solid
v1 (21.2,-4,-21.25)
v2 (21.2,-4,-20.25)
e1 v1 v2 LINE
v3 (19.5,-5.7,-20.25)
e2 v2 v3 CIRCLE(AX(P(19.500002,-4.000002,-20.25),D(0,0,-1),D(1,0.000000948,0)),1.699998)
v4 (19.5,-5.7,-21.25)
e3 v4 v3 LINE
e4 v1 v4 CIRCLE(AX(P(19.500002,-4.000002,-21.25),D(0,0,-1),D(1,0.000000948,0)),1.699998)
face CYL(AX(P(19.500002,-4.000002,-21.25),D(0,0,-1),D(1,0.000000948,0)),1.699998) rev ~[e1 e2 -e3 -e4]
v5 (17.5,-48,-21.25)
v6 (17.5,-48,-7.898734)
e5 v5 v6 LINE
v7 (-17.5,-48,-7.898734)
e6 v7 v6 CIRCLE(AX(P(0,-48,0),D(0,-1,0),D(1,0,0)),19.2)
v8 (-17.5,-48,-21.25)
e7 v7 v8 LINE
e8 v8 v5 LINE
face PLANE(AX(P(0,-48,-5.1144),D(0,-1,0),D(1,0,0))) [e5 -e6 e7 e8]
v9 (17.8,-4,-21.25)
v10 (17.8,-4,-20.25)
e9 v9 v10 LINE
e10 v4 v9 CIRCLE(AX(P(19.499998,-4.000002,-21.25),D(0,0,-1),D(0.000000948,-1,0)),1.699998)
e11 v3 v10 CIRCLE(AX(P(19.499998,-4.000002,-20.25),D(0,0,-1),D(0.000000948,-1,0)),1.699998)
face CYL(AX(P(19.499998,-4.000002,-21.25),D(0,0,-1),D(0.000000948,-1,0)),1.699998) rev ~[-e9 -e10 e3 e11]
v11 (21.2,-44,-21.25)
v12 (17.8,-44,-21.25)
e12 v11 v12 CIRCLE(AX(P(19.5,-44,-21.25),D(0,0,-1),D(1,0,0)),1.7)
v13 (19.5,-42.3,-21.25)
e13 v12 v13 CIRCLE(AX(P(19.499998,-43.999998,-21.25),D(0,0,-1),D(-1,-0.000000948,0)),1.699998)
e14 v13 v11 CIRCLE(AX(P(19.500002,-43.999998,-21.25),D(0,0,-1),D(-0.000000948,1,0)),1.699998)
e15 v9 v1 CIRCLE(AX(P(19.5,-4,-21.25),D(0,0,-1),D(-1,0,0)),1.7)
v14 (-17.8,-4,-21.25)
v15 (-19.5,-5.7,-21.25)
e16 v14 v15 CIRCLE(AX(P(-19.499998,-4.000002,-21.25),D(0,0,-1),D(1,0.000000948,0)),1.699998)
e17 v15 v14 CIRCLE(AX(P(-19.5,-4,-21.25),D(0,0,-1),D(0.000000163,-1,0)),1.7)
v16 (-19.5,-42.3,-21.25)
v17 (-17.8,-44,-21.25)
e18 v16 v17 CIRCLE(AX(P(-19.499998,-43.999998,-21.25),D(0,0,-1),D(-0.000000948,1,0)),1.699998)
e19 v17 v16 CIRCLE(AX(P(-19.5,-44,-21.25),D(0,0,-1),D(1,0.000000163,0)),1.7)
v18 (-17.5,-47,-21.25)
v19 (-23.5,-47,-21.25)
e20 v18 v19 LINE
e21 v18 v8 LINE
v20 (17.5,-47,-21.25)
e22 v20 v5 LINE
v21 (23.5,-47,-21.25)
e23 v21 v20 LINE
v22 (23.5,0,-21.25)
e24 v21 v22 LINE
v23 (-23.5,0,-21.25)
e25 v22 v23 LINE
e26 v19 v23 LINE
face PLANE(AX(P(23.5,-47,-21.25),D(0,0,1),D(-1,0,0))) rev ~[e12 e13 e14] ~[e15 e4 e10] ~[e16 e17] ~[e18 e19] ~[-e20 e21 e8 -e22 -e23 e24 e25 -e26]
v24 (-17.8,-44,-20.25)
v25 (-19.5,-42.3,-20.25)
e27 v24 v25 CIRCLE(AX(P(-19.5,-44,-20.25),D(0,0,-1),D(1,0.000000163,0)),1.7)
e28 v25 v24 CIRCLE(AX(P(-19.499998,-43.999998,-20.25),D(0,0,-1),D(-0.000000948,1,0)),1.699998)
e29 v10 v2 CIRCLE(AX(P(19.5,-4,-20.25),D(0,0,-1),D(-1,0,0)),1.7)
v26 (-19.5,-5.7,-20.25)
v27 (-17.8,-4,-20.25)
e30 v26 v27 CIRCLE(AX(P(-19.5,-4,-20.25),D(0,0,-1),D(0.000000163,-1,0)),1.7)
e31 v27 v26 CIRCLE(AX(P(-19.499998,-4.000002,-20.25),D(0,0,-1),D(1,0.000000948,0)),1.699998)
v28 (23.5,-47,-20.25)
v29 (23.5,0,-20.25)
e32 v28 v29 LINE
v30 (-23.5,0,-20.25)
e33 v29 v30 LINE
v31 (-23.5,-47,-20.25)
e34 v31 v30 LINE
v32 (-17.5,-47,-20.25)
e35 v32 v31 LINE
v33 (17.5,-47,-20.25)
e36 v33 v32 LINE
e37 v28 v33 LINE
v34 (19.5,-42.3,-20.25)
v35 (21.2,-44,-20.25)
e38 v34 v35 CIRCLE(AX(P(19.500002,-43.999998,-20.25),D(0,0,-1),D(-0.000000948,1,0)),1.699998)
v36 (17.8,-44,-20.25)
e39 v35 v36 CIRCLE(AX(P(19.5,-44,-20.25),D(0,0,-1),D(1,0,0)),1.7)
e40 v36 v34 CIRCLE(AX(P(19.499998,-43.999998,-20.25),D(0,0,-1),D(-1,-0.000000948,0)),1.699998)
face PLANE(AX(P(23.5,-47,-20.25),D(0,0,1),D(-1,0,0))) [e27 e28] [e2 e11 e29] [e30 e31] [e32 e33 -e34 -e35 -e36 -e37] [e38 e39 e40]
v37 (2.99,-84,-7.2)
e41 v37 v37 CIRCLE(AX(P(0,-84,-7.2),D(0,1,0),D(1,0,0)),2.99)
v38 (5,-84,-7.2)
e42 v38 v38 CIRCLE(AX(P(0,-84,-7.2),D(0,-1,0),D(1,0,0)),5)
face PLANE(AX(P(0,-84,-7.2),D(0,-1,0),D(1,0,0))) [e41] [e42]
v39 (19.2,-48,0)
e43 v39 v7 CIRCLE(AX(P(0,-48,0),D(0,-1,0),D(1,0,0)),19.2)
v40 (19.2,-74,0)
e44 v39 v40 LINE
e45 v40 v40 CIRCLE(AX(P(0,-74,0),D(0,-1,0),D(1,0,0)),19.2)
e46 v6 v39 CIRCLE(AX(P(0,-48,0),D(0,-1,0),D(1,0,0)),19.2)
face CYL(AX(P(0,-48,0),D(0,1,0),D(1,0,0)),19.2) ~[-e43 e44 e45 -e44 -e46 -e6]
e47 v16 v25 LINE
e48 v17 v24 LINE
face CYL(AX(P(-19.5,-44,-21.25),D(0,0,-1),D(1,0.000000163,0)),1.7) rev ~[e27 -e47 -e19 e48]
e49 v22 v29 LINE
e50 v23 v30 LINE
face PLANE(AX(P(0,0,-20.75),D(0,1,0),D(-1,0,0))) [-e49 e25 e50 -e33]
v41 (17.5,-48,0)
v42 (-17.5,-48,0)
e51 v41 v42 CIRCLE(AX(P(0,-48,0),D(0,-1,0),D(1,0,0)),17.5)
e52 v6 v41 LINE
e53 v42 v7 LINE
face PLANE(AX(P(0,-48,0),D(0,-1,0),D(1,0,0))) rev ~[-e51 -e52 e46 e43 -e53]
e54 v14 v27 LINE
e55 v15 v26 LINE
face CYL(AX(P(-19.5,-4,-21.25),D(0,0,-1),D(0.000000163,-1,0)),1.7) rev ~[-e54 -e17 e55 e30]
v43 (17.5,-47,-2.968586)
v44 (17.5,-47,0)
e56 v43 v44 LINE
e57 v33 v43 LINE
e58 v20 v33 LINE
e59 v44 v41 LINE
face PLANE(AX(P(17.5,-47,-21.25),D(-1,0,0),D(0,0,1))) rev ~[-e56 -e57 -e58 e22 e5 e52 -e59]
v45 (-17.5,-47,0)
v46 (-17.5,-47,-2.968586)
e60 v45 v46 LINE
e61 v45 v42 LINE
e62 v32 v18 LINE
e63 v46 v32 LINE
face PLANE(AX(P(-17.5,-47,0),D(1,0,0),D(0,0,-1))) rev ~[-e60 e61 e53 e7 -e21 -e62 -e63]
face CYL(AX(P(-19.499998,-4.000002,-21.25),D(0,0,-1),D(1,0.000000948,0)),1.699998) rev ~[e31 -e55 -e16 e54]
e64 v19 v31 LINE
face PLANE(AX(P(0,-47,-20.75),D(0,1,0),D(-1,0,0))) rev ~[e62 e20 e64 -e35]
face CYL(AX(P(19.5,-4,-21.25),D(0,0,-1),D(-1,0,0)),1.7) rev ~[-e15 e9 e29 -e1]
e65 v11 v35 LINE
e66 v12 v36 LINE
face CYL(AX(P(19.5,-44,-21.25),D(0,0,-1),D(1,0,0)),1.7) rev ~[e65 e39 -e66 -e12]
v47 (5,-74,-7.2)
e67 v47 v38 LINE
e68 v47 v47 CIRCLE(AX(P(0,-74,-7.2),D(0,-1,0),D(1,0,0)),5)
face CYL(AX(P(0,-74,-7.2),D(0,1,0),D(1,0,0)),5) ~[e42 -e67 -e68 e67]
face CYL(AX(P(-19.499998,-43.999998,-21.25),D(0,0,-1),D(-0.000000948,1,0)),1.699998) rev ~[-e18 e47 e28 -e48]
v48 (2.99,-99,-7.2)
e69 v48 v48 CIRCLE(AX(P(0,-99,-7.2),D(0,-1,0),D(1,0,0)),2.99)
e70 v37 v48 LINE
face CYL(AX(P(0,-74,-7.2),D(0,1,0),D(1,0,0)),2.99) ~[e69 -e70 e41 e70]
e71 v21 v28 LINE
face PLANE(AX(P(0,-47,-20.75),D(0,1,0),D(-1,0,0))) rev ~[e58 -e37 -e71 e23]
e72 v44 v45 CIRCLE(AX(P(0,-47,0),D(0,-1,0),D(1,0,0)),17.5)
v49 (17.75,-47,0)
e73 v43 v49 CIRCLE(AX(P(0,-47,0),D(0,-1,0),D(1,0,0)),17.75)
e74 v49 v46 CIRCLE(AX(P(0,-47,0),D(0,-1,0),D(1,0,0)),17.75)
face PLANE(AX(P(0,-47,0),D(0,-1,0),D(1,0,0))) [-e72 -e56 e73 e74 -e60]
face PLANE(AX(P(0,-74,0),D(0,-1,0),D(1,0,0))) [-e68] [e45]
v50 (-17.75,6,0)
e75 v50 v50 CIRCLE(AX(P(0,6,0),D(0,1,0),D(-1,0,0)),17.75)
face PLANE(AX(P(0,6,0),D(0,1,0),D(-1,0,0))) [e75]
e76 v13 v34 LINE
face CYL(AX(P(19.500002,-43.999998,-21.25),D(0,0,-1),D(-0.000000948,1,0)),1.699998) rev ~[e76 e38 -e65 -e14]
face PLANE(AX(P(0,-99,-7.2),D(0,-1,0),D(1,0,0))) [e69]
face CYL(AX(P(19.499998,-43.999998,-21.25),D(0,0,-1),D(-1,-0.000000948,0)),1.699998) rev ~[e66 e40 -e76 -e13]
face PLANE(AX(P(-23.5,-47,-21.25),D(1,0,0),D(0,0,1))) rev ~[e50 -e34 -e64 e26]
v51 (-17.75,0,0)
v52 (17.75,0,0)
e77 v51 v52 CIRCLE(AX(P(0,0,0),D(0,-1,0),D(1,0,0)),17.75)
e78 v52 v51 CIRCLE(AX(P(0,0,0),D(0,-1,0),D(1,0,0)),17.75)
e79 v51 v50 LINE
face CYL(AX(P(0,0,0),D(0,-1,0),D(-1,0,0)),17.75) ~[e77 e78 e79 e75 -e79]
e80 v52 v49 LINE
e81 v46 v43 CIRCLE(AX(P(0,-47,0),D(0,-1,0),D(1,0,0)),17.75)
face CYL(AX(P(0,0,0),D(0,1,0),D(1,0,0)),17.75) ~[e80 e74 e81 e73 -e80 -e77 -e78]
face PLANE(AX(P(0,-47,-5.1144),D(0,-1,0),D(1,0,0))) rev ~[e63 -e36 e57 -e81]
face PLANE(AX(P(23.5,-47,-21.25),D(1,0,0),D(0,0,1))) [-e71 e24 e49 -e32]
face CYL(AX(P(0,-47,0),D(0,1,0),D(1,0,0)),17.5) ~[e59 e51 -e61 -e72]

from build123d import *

# Parameters (mm, degrees)
F0_R      = 17.75
F1_DEPTH  = 47
F3_DEPTH  = 1
F4_W      = 47
F4_H      = 1
F5_DEPTH  = 47
F6_R      = 19.2
F7_DEPTH  = 26
F8_R      = 17.75
F9_DEPTH  = 6
F10_R     = 2.99
F11_DEPTH = 25
F12_R     = 5
F13_DEPTH = 10
F15_DEPTH = 1


with BuildPart() as f1:
    # F0 (on Front) → F1 (new body)
    with BuildSketch(Plane.XZ):
        Circle(F0_R)
    extrude(amount=F1_DEPTH)

    # F2 (on face) → F3 (join)
    with BuildSketch(Plane.XZ.offset(47)):
        with BuildLine():
            Line((17.5, -21.25), (17.5, 0))
            ThreePointArc((17.5, 0), (0, 17.5), (-17.5, 0))
            Line((-17.5, 0), (-17.5, -21.25))
            Line((-17.5, -21.25), (17.5, -21.25))
        make_face()
    extrude(amount=F3_DEPTH)

    # F4 (on face) → F5 (join)
    with BuildSketch(Plane(origin=(0, -47, 0), x_dir=(-1, 0, 0), z_dir=(0, 1, 0))):
        with Locations((0, -20.75)):
            Rectangle(F4_W, F4_H)
    extrude(amount=F5_DEPTH)

    # F6 (on face) → F7 (join)
    with BuildSketch(Plane.XZ.offset(48)):
        Circle(F6_R)
    extrude(amount=F7_DEPTH)

    # F8 (on face) → F9 (join)
    with BuildSketch(Plane(origin=(0, 0, 0), x_dir=(-1, 0, 0), z_dir=(0, 1, 0))):
        Circle(F8_R)
    extrude(amount=F9_DEPTH)

    # F10 (on face) → F11 (join)
    with BuildSketch(Plane.XZ.offset(74)):
        with Locations((0, -7.2)):
            Circle(F10_R)
    extrude(amount=F11_DEPTH)

    # F12 (on face) → F13 (join)
    with BuildSketch(Plane.XZ.offset(74)):
        with Locations((0, -7.2)):
            Circle(F12_R)
    extrude(amount=F13_DEPTH)

    # F14 (on face) → F15 (cut, through all)
    with BuildSketch(Plane(origin=(0, 0, -21.25), x_dir=(1, 0, 0), z_dir=(0, 0, -1))):
        with BuildLine():
            ThreePointArc((19.5, 5.7), (18.297918, 5.202082), (17.8, 4))
            Line((17.8, 4), (19.5, 4))
            Line((19.5, 4), (19.5, 5.7))
        make_face()
        with BuildLine():
            Line((19.5, 4), (17.8, 4))
            ThreePointArc((17.8, 4), (19.5, 2.3), (21.2, 4))
            ThreePointArc((21.2, 4), (20.702082, 5.202082), (19.5, 5.7))
            Line((19.5, 5.7), (19.5, 4))
        make_face()
        with BuildLine():
            Line((-19.5, 4), (-17.8, 4))
            ThreePointArc((-17.8, 4), (-18.297918, 5.202082), (-19.5, 5.7))
            Line((-19.5, 5.7), (-19.5, 4))
        make_face()
        with BuildLine():
            ThreePointArc((-19.5, 5.7), (-20.702082, 2.797918), (-17.8, 4))
            Line((-17.8, 4), (-19.5, 4))
            Line((-19.5, 4), (-19.5, 5.7))
        make_face()
        with BuildLine():
            ThreePointArc((21.2, 44), (19.5, 45.7), (17.8, 44))
            Line((17.8, 44), (19.5, 44))
            Line((19.5, 44), (19.5, 42.3))
            ThreePointArc((19.5, 42.3), (20.702082, 42.797918), (21.2, 44))
        make_face()
        with BuildLine():
            Line((-19.5, 44), (-17.8, 44))
            ThreePointArc((-17.8, 44), (-20.702082, 45.202082), (-19.5, 42.3))
            Line((-19.5, 42.3), (-19.5, 44))
        make_face()
        with BuildLine():
            ThreePointArc((-19.5, 42.3), (-18.297918, 42.797918), (-17.8, 44))
            Line((-17.8, 44), (-19.5, 44))
            Line((-19.5, 44), (-19.5, 42.3))
        make_face()
        with BuildLine():
            Line((19.5, 44), (17.8, 44))
            ThreePointArc((17.8, 44), (18.297918, 42.797918), (19.5, 42.3))
            Line((19.5, 42.3), (19.5, 44))
        make_face()
    extrude(amount=-F15_DEPTH, mode=Mode.SUBTRACT)


solid = f1.part
